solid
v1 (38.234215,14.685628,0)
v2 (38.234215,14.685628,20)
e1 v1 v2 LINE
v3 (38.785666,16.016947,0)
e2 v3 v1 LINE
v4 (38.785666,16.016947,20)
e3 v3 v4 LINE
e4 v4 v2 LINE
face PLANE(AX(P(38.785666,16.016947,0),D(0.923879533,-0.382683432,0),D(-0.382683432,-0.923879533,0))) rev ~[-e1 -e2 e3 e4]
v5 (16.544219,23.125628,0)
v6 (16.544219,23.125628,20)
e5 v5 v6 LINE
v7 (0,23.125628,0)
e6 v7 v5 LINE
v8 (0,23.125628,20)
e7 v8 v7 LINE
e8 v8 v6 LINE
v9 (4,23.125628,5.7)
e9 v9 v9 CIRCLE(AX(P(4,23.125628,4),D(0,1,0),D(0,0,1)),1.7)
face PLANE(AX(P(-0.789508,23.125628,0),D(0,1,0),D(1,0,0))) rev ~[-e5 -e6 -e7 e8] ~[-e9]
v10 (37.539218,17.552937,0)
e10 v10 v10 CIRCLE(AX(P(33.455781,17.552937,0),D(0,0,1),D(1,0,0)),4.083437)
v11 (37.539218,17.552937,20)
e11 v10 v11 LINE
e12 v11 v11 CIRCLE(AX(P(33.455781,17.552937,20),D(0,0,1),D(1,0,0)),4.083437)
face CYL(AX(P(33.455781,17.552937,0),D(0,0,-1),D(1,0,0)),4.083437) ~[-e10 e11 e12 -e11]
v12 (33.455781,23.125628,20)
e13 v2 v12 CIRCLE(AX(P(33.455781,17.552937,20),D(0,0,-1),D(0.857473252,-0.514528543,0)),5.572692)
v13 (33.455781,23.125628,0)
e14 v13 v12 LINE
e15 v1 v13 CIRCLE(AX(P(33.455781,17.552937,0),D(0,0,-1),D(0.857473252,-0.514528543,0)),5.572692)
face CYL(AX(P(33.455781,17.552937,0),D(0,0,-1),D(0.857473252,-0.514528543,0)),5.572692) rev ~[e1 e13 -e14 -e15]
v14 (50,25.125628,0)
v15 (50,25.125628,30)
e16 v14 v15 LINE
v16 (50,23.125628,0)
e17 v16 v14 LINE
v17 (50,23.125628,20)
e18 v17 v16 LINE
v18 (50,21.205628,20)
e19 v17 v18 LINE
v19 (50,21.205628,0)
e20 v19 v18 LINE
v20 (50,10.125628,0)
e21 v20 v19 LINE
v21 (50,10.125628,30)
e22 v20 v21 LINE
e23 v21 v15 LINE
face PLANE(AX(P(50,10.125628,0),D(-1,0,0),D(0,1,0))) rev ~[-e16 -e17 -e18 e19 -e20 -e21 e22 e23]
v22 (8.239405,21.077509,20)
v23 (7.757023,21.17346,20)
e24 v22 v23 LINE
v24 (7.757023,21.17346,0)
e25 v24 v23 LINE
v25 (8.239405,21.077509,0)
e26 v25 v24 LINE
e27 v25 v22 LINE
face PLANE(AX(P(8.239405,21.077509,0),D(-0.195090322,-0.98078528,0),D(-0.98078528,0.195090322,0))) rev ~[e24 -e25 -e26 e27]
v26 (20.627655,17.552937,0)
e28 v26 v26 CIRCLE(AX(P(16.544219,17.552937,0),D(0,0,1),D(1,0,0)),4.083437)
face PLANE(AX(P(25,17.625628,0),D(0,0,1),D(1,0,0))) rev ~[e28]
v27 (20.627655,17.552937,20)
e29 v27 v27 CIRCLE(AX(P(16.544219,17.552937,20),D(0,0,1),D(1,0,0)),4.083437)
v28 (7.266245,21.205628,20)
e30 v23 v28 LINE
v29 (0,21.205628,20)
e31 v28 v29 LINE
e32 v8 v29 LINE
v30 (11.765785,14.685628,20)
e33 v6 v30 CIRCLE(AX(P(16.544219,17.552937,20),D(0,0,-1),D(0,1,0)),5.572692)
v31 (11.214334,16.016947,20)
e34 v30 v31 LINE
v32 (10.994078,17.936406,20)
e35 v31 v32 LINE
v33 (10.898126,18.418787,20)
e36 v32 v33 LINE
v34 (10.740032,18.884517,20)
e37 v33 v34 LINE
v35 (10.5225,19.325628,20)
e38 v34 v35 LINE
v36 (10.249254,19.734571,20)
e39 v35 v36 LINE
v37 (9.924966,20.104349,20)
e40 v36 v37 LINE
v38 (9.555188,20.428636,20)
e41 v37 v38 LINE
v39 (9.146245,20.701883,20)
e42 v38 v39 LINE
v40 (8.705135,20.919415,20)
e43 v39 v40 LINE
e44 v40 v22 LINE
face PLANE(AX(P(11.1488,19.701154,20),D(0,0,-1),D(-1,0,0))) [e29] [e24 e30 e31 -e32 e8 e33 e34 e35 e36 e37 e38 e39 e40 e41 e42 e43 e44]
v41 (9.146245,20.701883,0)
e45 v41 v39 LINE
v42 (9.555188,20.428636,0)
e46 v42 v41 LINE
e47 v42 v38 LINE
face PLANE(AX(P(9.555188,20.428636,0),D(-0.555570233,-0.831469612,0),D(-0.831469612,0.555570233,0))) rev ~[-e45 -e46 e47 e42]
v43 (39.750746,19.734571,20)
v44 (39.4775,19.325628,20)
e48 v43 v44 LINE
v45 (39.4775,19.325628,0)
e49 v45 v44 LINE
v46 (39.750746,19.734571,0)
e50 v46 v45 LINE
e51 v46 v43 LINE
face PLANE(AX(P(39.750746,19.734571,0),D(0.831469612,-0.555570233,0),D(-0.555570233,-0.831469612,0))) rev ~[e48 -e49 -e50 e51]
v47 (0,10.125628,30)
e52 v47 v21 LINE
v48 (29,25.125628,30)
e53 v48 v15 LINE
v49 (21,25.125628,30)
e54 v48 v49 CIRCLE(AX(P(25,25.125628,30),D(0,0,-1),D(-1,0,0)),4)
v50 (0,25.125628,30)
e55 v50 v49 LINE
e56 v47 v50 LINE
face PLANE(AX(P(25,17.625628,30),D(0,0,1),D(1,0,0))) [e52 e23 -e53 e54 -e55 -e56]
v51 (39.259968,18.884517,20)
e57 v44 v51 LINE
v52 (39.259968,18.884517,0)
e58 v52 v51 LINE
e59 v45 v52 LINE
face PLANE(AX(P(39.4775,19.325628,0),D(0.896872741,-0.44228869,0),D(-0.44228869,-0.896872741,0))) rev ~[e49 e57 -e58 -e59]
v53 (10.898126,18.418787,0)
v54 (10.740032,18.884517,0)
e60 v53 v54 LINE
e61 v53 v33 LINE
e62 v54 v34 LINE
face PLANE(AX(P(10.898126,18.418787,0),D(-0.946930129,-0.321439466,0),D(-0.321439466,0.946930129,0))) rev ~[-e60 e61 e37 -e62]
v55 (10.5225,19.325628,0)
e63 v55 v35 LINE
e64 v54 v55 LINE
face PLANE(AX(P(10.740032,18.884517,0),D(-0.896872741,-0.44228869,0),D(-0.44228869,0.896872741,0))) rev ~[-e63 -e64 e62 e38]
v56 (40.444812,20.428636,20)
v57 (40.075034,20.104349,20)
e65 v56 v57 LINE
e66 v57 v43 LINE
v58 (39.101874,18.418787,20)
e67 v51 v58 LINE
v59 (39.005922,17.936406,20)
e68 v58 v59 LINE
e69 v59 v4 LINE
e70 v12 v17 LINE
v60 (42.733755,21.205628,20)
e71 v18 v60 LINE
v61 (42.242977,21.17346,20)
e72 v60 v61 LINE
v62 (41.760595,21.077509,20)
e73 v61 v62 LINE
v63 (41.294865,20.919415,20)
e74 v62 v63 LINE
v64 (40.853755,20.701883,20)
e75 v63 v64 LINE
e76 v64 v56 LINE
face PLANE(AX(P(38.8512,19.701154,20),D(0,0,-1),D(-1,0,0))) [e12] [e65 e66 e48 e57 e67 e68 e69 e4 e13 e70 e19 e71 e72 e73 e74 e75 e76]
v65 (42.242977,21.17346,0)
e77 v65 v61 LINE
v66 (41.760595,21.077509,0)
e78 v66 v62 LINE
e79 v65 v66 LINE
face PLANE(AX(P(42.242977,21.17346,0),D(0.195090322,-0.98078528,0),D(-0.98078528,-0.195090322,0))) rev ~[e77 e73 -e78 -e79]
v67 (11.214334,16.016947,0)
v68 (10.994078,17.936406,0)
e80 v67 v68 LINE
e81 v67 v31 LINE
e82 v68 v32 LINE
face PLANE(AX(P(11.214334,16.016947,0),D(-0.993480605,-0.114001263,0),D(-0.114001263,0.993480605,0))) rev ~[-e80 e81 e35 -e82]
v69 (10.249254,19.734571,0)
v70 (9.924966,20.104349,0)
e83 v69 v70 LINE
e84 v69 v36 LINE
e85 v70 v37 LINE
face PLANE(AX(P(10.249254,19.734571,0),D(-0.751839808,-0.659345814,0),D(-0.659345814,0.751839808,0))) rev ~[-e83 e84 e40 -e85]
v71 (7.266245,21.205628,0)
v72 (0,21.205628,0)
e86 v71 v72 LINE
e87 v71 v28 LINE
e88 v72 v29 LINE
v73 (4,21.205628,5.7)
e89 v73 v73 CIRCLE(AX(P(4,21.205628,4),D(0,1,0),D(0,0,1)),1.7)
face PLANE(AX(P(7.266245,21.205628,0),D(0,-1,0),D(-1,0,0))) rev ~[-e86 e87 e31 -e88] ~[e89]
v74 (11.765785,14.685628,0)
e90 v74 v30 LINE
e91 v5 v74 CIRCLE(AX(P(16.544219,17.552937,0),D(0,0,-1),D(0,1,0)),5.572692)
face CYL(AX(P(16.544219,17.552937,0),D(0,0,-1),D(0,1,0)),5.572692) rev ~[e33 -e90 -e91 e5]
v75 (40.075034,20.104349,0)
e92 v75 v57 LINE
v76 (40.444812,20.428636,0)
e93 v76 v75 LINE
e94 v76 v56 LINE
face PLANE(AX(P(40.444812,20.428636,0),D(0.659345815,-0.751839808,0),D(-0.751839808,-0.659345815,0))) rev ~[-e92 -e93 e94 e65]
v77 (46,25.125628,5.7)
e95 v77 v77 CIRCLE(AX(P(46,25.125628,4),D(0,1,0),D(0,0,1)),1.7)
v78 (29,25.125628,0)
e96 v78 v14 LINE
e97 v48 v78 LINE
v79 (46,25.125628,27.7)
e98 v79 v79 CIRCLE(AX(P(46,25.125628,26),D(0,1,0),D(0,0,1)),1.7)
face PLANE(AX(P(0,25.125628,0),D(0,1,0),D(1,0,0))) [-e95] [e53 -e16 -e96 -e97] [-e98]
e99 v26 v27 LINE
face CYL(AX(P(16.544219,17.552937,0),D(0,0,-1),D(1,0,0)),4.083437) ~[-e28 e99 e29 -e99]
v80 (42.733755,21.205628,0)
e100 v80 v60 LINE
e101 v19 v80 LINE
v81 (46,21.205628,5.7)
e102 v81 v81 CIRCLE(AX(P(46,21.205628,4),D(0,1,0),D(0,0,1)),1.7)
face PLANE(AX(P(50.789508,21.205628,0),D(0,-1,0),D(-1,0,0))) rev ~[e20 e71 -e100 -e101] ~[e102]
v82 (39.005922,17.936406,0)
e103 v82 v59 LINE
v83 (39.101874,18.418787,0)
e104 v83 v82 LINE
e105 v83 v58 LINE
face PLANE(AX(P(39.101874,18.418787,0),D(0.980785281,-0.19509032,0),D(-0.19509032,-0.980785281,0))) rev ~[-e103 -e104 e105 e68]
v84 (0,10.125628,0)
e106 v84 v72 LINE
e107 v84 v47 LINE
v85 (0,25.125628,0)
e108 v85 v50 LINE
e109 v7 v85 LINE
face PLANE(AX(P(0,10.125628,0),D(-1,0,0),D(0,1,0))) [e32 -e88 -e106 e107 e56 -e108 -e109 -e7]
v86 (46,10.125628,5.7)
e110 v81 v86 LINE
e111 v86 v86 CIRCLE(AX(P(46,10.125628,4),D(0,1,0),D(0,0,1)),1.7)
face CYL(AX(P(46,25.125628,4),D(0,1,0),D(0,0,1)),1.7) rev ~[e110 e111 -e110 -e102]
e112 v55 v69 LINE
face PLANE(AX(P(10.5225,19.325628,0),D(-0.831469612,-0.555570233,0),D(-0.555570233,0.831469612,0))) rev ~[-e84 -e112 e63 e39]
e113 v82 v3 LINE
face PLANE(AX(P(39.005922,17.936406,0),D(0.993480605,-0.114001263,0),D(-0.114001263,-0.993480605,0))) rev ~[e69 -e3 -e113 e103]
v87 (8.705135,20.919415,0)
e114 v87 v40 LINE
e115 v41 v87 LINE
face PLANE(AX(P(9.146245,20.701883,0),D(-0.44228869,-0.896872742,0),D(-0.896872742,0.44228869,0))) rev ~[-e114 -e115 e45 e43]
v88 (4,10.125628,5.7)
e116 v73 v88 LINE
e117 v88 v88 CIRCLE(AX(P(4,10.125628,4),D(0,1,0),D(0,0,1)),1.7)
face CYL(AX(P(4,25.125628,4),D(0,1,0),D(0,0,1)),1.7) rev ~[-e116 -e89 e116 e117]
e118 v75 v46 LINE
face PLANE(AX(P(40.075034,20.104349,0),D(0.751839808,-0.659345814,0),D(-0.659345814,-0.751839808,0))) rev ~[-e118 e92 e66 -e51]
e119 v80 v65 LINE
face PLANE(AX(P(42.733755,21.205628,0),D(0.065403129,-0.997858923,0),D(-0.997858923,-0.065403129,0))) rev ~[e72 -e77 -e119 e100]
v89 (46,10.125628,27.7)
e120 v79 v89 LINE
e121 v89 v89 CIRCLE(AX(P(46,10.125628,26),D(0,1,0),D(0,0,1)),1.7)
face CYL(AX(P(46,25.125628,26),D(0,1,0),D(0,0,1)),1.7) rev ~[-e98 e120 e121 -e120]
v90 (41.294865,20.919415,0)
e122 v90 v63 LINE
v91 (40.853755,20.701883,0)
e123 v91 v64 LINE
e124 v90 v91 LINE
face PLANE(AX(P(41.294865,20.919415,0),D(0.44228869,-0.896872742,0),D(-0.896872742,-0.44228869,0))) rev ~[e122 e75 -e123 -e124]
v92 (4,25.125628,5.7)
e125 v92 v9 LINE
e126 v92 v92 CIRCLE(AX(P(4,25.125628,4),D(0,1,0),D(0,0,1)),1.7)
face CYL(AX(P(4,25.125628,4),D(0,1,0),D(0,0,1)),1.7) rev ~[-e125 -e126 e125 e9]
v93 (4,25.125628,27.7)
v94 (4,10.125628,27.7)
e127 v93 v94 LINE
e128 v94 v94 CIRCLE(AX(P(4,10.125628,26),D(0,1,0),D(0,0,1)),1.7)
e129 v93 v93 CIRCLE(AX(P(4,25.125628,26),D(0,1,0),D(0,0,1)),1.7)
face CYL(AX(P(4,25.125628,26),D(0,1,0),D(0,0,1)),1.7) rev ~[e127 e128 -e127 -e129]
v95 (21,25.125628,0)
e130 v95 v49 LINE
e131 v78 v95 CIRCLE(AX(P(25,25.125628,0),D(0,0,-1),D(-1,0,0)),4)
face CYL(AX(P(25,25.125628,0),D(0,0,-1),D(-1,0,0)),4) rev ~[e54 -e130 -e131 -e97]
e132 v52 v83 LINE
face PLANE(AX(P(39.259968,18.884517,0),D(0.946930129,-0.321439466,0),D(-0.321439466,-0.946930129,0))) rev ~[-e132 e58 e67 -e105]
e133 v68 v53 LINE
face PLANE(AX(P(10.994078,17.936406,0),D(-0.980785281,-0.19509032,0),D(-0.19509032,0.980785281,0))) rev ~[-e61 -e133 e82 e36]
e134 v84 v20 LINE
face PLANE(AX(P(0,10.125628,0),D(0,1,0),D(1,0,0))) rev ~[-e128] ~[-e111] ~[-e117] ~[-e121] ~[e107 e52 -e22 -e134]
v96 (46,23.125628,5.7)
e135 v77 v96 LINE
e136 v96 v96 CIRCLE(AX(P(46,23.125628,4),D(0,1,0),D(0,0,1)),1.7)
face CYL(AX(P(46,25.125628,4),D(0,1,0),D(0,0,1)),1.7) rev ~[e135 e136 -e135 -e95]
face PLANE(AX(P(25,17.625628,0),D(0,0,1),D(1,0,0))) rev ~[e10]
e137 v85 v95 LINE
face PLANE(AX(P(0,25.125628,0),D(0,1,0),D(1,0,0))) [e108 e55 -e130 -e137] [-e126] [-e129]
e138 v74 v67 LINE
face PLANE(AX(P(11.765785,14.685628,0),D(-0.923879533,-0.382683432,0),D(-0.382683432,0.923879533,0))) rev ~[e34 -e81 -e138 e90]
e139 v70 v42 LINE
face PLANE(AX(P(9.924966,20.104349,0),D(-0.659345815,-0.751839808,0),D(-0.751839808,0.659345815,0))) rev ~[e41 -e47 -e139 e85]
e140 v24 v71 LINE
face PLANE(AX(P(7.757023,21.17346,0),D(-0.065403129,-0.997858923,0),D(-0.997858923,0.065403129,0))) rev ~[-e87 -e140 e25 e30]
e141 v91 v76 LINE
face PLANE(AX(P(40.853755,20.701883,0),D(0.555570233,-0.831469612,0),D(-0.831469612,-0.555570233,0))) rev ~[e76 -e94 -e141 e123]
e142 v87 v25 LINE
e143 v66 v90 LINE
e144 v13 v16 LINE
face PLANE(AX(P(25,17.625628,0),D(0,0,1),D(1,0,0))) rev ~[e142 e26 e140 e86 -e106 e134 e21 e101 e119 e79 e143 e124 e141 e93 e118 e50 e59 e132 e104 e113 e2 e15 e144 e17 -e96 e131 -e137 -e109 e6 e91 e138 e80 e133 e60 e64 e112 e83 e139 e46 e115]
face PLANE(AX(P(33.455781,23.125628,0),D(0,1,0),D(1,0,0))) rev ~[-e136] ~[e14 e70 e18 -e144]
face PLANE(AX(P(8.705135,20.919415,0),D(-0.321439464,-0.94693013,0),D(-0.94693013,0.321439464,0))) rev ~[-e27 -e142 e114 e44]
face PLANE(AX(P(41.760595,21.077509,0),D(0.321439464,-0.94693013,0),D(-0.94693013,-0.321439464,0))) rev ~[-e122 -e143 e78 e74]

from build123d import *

# Parameters (mm, degrees)
SCHIZZO1_W                   = 50
SCHIZZO1_H                   = 15
ESTRUSIONE_ESTRUSIONE1_DEPTH = 30
SCHIZZO2_R                   = 4.08343654
TAGLIO_ESTRUSIONE1_DEPTH     = 20
SCHIZZO6_R                   = 1.7
TAGLIO_ESTRUSIONE3_DEPTH     = 30
SCHIZZO9_R                   = 4
TAGLIO_ESTRUSIONE5_DEPTH     = 64.492497112


with BuildPart() as part:
    # Schizzo1 → Estrusione-Estrusione1 (new body)
    with BuildSketch(Plane.XY):
        with Locations((25, 17.625628141)):
            Rectangle(SCHIZZO1_W, SCHIZZO1_H)
    extrude(amount=ESTRUSIONE_ESTRUSIONE1_DEPTH)

    # Schizzo2 → Taglio-Estrusione1 (cut)
    # profile 1 of 2: a face of its own
    with BuildSketch(Plane.XY):
        with BuildLine():
            ThreePointArc((16.544218644, 23.125628141), (21.393626777, 14.807370827), (11.765784724, 14.685627772))
            Line((11.765784724, 14.685627772), (11.214334392, 16.016946643))
            Line((11.214334392, 16.016946643), (10.994077631, 17.936406255))
            Line((10.994077631, 17.936406255), (10.89812606, 18.418787382))
            Line((10.89812606, 18.418787382), (10.740031995, 18.884517478))
            Line((10.740031995, 18.884517478), (10.522500471, 19.325627772))
            Line((10.522500471, 19.325627772), (10.249253512, 19.734570745))
            Line((10.249253512, 19.734570745), (9.92496645, 20.10434927))
            Line((9.92496645, 20.10434927), (9.555187926, 20.428636332))
            Line((9.555187926, 20.428636332), (9.146244953, 20.701883291))
            Line((9.146244953, 20.701883291), (8.705134658, 20.919414815))
            Line((8.705134658, 20.919414815), (8.239404562, 21.077508879))
            Line((8.239404562, 21.077508879), (7.757023435, 21.173460451))
            Line((7.757023435, 21.173460451), (7.266244953, 21.205627772))
            Line((7.266244953, 21.205627772), (-0.789507737, 21.205627772))
            Line((-0.789507737, 21.205627772), (-0.789507737, 23.125628141))
            Line((-0.789507737, 23.125628141), (16.544218644, 23.125628141))
        make_face()
        with Locations((16.544218644, 17.552936622)):
            Circle(SCHIZZO2_R, mode=Mode.SUBTRACT)
    # profile 2 of 2: a face of its own
    with BuildSketch(Plane.XY):
        with BuildLine():
            Line((33.455781356, 23.125628141), (50.789507737, 23.125628141))
            Line((50.789507737, 23.125628141), (50.789507737, 21.205627772))
            Line((50.789507737, 21.205627772), (42.733755047, 21.205627772))
            Line((42.733755047, 21.205627772), (42.242976565, 21.173460451))
            Line((42.242976565, 21.173460451), (41.760595438, 21.077508879))
            Line((41.760595438, 21.077508879), (41.294865342, 20.919414815))
            Line((41.294865342, 20.919414815), (40.853755047, 20.701883291))
            Line((40.853755047, 20.701883291), (40.444812074, 20.428636332))
            Line((40.444812074, 20.428636332), (40.07503355, 20.10434927))
            Line((40.07503355, 20.10434927), (39.750746488, 19.734570745))
            Line((39.750746488, 19.734570745), (39.477499529, 19.325627772))
            Line((39.477499529, 19.325627772), (39.259968005, 18.884517478))
            Line((39.259968005, 18.884517478), (39.10187394, 18.418787382))
            Line((39.10187394, 18.418787382), (39.005922369, 17.936406255))
            Line((39.005922369, 17.936406255), (38.785665608, 16.016946643))
            Line((38.785665608, 16.016946643), (38.234215276, 14.685627772))
            ThreePointArc((38.234215276, 14.685627772), (28.606373223, 14.807370827), (33.455781356, 23.125628141))
        make_face()
        with Locations((33.455781356, 17.552936622)):
            Circle(SCHIZZO2_R, mode=Mode.SUBTRACT)
    extrude(amount=TAGLIO_ESTRUSIONE1_DEPTH, mode=Mode.SUBTRACT)

    # Schizzo6 → Taglio-Estrusione3 (cut)
    with BuildSketch(Plane(origin=(0, 25.125628141, 0), x_dir=(1, 0, 0), z_dir=(0, 1, 0))):
        with Locations(Location((4, -4, 0), (0, 0, 270))):
            Circle(SCHIZZO6_R)
        with Locations(Location((46, -4, 0), (0, 0, 270))):
            Circle(SCHIZZO6_R)
        with Locations(Location((46, -26, 0), (0, 0, 270))):
            Circle(SCHIZZO6_R)
        with Locations(Location((4, -26, 0), (0, 0, 270))):
            Circle(SCHIZZO6_R)
    extrude(amount=-TAGLIO_ESTRUSIONE3_DEPTH, mode=Mode.SUBTRACT)

    # Schizzo9 → Taglio-Estrusione5 (cut, through all)
    with BuildSketch(Plane(origin=(0, 0, 0), x_dir=(-1, 0, 0), z_dir=(0, 0, -1))):
        with Locations((-25, 25.125628141)):
            Circle(SCHIZZO9_R)
    extrude(amount=-TAGLIO_ESTRUSIONE5_DEPTH, mode=Mode.SUBTRACT)


solid = part.part
